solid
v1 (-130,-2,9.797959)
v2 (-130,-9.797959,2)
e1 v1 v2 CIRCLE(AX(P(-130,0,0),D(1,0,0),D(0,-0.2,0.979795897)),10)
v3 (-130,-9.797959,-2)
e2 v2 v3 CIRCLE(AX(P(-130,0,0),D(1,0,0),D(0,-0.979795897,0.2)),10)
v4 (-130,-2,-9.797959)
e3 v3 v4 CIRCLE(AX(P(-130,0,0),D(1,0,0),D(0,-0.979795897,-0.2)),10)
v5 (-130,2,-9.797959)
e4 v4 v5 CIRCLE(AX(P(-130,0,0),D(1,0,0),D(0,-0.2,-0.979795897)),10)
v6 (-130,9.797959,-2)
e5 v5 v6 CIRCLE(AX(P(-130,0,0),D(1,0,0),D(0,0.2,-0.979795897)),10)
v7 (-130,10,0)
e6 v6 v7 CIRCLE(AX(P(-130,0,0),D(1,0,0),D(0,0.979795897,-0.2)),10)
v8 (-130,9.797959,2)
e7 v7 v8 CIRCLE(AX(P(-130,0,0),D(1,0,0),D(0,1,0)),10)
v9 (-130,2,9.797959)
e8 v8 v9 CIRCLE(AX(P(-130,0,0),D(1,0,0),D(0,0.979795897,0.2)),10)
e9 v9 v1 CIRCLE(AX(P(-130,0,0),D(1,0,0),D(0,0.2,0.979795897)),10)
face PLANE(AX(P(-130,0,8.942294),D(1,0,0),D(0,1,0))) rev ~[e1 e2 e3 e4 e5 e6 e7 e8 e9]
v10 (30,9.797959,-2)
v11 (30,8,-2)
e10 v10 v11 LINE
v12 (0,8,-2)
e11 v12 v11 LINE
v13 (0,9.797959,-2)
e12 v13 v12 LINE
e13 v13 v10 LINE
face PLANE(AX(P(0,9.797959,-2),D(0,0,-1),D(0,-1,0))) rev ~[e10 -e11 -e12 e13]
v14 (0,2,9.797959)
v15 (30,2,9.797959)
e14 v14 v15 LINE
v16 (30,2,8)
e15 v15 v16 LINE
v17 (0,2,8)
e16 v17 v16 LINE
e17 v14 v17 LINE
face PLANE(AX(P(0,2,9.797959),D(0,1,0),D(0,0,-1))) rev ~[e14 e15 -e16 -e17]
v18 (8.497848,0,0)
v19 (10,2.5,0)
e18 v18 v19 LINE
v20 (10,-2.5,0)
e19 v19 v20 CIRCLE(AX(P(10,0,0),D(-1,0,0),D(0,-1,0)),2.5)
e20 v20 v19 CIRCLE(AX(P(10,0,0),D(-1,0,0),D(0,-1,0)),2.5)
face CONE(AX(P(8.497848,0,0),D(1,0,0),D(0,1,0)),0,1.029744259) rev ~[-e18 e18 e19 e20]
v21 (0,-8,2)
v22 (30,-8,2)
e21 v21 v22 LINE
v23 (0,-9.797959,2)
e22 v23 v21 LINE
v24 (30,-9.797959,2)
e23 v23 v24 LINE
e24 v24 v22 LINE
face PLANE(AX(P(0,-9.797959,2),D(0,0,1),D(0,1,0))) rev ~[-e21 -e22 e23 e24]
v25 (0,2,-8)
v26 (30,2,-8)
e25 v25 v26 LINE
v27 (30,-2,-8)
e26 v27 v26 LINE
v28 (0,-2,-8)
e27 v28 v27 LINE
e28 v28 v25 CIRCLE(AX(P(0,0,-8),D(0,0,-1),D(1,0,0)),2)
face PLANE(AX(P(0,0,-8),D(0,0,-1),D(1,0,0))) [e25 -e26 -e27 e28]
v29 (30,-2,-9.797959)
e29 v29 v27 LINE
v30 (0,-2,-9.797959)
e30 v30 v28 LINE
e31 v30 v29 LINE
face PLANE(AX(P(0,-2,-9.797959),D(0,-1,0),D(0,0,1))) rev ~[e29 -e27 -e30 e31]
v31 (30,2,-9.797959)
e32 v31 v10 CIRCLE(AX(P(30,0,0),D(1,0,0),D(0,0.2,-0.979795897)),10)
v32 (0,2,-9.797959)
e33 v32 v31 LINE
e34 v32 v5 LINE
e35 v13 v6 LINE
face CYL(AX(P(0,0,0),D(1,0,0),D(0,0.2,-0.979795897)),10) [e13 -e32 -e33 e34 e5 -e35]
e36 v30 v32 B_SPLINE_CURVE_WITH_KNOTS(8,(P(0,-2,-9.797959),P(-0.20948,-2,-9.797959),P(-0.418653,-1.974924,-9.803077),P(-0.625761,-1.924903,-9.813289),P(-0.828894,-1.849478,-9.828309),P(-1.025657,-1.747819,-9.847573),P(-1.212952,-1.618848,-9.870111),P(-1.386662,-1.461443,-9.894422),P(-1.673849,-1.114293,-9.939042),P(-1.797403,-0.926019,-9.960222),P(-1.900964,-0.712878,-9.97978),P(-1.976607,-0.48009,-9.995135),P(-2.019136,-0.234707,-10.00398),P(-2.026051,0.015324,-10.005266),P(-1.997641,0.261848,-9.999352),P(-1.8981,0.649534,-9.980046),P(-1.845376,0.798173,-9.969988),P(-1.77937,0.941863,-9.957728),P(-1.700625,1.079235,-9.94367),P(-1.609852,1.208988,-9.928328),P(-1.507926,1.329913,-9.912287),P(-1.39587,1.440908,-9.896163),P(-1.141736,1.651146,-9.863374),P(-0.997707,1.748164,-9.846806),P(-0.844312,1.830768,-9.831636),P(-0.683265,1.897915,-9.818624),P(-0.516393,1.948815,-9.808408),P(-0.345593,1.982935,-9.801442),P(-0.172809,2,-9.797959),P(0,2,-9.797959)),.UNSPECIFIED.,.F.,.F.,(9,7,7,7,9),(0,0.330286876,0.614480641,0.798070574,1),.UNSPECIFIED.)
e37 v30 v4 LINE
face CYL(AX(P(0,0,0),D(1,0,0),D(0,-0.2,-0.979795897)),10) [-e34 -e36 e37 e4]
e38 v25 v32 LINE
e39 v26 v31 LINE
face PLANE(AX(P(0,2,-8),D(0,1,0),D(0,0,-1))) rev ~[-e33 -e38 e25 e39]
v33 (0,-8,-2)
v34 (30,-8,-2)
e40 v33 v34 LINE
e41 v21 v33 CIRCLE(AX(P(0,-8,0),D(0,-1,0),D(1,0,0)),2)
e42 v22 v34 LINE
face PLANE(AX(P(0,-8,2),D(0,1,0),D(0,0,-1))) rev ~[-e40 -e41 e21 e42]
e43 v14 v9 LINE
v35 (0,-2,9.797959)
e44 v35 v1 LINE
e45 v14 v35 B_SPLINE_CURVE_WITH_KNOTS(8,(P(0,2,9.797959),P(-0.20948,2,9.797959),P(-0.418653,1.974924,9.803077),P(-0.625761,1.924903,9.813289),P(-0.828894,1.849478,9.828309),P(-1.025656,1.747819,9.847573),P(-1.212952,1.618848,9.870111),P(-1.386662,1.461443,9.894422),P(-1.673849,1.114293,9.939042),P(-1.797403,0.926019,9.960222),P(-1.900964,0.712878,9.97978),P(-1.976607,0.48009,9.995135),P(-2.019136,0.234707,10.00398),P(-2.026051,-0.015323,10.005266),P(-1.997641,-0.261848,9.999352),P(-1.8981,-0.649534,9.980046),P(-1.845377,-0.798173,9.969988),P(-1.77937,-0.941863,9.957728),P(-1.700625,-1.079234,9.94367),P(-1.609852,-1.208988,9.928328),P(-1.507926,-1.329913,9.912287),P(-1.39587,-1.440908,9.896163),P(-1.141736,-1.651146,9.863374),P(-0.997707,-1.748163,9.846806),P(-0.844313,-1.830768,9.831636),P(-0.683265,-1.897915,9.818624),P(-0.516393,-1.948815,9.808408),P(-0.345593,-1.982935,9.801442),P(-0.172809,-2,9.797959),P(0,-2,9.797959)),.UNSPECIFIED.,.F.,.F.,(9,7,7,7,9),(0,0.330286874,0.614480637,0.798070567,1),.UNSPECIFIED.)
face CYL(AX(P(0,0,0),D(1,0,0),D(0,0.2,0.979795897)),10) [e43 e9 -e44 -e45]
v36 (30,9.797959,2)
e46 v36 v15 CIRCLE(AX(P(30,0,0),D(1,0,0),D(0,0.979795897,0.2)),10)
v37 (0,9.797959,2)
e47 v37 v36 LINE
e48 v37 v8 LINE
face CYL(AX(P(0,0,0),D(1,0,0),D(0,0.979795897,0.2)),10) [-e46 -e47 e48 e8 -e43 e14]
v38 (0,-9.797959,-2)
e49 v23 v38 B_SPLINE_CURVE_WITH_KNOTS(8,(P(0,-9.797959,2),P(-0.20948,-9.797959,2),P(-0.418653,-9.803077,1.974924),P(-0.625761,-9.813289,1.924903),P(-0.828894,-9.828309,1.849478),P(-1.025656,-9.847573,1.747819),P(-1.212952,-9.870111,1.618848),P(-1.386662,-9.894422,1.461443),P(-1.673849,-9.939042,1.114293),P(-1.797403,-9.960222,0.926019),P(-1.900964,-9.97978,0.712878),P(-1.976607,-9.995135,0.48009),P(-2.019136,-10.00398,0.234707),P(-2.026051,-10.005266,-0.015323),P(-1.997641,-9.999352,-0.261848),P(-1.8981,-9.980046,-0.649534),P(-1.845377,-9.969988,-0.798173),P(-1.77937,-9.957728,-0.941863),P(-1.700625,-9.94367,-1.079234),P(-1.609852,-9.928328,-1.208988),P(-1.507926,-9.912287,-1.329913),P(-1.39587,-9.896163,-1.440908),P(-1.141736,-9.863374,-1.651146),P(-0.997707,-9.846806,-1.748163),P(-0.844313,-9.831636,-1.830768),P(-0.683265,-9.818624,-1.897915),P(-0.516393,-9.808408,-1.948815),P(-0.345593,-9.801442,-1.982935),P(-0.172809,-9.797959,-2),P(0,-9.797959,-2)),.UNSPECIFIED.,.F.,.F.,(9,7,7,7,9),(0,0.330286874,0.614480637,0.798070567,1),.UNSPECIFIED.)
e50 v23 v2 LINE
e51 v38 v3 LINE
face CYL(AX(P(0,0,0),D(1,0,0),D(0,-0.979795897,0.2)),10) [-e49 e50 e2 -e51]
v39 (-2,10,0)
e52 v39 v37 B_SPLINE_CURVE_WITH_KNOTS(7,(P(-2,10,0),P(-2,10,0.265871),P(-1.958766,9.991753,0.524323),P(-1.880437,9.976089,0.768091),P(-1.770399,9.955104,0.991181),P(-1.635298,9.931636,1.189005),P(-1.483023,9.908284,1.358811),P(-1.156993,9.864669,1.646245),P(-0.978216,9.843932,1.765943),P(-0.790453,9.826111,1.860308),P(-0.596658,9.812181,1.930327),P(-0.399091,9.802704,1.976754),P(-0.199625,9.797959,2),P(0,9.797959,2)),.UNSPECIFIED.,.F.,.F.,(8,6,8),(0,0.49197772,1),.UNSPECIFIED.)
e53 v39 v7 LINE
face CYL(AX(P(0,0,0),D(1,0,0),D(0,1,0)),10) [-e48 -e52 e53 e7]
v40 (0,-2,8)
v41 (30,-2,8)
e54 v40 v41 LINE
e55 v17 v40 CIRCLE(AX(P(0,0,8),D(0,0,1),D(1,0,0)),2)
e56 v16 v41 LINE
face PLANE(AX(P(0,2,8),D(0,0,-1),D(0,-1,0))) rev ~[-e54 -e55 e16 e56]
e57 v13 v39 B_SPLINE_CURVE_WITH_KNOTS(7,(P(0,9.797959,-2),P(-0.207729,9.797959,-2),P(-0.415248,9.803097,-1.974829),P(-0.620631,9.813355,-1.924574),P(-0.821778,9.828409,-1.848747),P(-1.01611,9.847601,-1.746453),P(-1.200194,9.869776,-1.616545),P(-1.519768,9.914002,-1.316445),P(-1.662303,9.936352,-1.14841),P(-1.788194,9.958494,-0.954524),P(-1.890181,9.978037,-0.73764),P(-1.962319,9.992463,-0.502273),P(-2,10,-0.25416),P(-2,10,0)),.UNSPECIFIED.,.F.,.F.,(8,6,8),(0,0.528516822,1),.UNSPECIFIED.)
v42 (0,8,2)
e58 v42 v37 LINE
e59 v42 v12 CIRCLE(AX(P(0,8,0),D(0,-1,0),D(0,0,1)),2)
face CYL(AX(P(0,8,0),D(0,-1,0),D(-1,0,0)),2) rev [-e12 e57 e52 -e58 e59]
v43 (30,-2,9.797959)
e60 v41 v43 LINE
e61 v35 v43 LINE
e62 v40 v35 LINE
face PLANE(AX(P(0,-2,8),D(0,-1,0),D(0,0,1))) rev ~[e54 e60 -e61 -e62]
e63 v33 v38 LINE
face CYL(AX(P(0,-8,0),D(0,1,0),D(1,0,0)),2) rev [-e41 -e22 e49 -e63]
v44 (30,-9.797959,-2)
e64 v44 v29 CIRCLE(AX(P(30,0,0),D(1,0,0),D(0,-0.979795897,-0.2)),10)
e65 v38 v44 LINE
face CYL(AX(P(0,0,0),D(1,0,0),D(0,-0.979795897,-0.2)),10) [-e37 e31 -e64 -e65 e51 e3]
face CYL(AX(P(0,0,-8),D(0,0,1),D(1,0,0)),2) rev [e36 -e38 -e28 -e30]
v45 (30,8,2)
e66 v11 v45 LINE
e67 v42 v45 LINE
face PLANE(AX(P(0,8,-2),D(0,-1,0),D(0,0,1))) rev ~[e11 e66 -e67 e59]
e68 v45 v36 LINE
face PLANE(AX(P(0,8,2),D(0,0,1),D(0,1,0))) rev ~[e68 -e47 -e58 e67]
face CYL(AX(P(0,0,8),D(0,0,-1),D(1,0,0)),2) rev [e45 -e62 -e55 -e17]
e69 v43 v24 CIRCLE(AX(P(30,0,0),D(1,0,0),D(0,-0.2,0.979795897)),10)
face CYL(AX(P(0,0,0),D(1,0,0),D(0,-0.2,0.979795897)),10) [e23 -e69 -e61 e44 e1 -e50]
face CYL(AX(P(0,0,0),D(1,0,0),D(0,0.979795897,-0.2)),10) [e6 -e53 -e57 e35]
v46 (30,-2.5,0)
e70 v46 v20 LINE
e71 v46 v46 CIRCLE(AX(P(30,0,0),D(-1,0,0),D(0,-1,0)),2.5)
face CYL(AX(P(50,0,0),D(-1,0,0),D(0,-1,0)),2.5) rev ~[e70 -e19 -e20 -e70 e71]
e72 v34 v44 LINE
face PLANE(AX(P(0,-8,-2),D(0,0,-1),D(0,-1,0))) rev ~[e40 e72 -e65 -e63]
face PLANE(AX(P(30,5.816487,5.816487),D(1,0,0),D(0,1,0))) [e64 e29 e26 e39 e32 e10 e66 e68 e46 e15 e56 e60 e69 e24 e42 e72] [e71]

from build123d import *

# Parameters (mm, degrees)
F0_W      = 4
F0_H      = 4
F1_DEPTH  = 30
F2_DEPTH  = 130
F3_R      = 2
F4_DEPTH  = 25
F5_R      = 2
F6_DEPTH  = 25
F7_R      = 2
F8_DEPTH  = 25
F9_R      = 2
F10_DEPTH = 25
F12_D     = 5
F12_DEPTH = 20
F12_TIP   = 1.5021515476


with BuildPart() as f1:
    # F0 (on Right) → F1 (new body)
    with BuildSketch(Plane.YZ):
        with BuildLine():
            ThreePointArc((2, 7.2284161474), (5.3033008589, 5.3033008589), (7.2284161474, 2))
            Line((7.2284161474, 2), (8, 2))
            Line((8, 2), (9.7979589711, 2))
            ThreePointArc((9.7979589711, 2), (7.0710678119, 7.0710678119), (2, 9.7979589711))
            Line((2, 9.7979589711), (2, 8))
            Line((2, 8), (2, 7.2284161474))
        make_face()
        with BuildLine():
            ThreePointArc((-7.2284161474, 2), (-5.3033008589, 5.3033008589), (-2, 7.2284161474))
            Line((-2, 7.2284161474), (-2, 8))
            Line((-2, 8), (-2, 9.7979589711))
            ThreePointArc((-2, 9.7979589711), (-7.0710678119, 7.0710678119), (-9.7979589711, 2))
            Line((-9.7979589711, 2), (-8, 2))
            Line((-8, 2), (-7.2284161474, 2))
        make_face()
        with BuildLine():
            Line((2, 2), (7.2284161474, 2))
            ThreePointArc((7.2284161474, 2), (5.3033008589, 5.3033008589), (2, 7.2284161474))
            Line((2, 7.2284161474), (2, 2))
        make_face()
        with BuildLine():
            Line((2, 2), (2, 7.2284161474))
            ThreePointArc((2, 7.2284161474), (0, 7.5), (-2, 7.2284161474))
            Line((-2, 7.2284161474), (-2, 2))
            Line((-2, 2), (2, 2))
        make_face()
        with BuildLine():
            Line((-2, 2), (-2, 7.2284161474))
            ThreePointArc((-2, 7.2284161474), (-5.3033008589, 5.3033008589), (-7.2284161474, 2))
            Line((-7.2284161474, 2), (-2, 2))
        make_face()
        with BuildLine():
            Line((-2, -2), (-2, 2))
            Line((-2, 2), (-7.2284161474, 2))
            ThreePointArc((-7.2284161474, 2), (-7.5, 0), (-7.2284161474, -2))
            Line((-7.2284161474, -2), (-2, -2))
        make_face()
        with BuildLine():
            ThreePointArc((7.2284161474, -2), (7.4317938987, -1.0091776094), (7.5, 0))
            ThreePointArc((7.5, 0), (7.4317938987, 1.0091776094), (7.2284161474, 2))
            Line((7.2284161474, 2), (2, 2))
            Line((2, 2), (2, -2))
            Line((2, -2), (7.2284161474, -2))
        make_face()
        Rectangle(F0_W, F0_H)
        with BuildLine():
            ThreePointArc((-2, -7.2284161474), (0, -7.5), (2, -7.2284161474))
            Line((2, -7.2284161474), (2, -2))
            Line((2, -2), (-2, -2))
            Line((-2, -2), (-2, -7.2284161474))
        make_face()
        with BuildLine():
            ThreePointArc((-7.2284161474, -2), (-5.3033008589, -5.3033008589), (-2, -7.2284161474))
            Line((-2, -7.2284161474), (-2, -2))
            Line((-2, -2), (-7.2284161474, -2))
        make_face()
        with BuildLine():
            ThreePointArc((2, -7.2284161474), (5.3033008589, -5.3033008589), (7.2284161474, -2))
            Line((7.2284161474, -2), (2, -2))
            Line((2, -2), (2, -7.2284161474))
        make_face()
        with BuildLine():
            Line((8, -2), (7.2284161474, -2))
            ThreePointArc((7.2284161474, -2), (5.3033008589, -5.3033008589), (2, -7.2284161474))
            Line((2, -7.2284161474), (2, -8))
            Line((2, -8), (2, -9.7979589711))
            ThreePointArc((2, -9.7979589711), (7.0710678119, -7.0710678119), (9.7979589711, -2))
            Line((9.7979589711, -2), (8, -2))
        make_face()
        with BuildLine():
            Line((-2, -8), (-2, -7.2284161474))
            ThreePointArc((-2, -7.2284161474), (-5.3033008589, -5.3033008589), (-7.2284161474, -2))
            Line((-7.2284161474, -2), (-8, -2))
            Line((-8, -2), (-9.7979589711, -2))
            ThreePointArc((-9.7979589711, -2), (-7.0710678119, -7.0710678119), (-2, -9.7979589711))
            Line((-2, -9.7979589711), (-2, -8))
        make_face()
        with BuildLine():
            Line((2, -8), (2, -7.2284161474))
            ThreePointArc((2, -7.2284161474), (0, -7.5), (-2, -7.2284161474))
            Line((-2, -7.2284161474), (-2, -8))
            Line((-2, -8), (2, -8))
        make_face()
        with BuildLine():
            ThreePointArc((7.2284161474, 2), (7.4317938987, 1.0091776094), (7.5, 0))
            ThreePointArc((7.5, 0), (7.4317938987, -1.0091776094), (7.2284161474, -2))
            Line((7.2284161474, -2), (8, -2))
            Line((8, -2), (8, 2))
            Line((8, 2), (7.2284161474, 2))
        make_face()
        with BuildLine():
            ThreePointArc((-2, 7.2284161474), (0, 7.5), (2, 7.2284161474))
            Line((2, 7.2284161474), (2, 8))
            Line((2, 8), (-2, 8))
            Line((-2, 8), (-2, 7.2284161474))
        make_face()
        with BuildLine():
            ThreePointArc((-7.2284161474, -2), (-7.5, 0), (-7.2284161474, 2))
            Line((-7.2284161474, 2), (-8, 2))
            Line((-8, 2), (-8, -2))
            Line((-8, -2), (-7.2284161474, -2))
        make_face()
    extrude(amount=F1_DEPTH)

    # F0 (on Right) → F2 (join)
    with BuildSketch(Plane.YZ):
        with BuildLine():
            Line((-2, 8), (2, 8))
            Line((2, 8), (2, 9.7979589711))
            ThreePointArc((2, 9.7979589711), (0, 10), (-2, 9.7979589711))
            Line((-2, 9.7979589711), (-2, 8))
        make_face()
        with BuildLine():
            ThreePointArc((2, 7.2284161474), (5.3033008589, 5.3033008589), (7.2284161474, 2))
            Line((7.2284161474, 2), (8, 2))
            Line((8, 2), (9.7979589711, 2))
            ThreePointArc((9.7979589711, 2), (7.0710678119, 7.0710678119), (2, 9.7979589711))
            Line((2, 9.7979589711), (2, 8))
            Line((2, 8), (2, 7.2284161474))
        make_face()
        with BuildLine():
            ThreePointArc((-2, 7.2284161474), (0, 7.5), (2, 7.2284161474))
            Line((2, 7.2284161474), (2, 8))
            Line((2, 8), (-2, 8))
            Line((-2, 8), (-2, 7.2284161474))
        make_face()
        with BuildLine():
            ThreePointArc((-7.2284161474, 2), (-5.3033008589, 5.3033008589), (-2, 7.2284161474))
            Line((-2, 7.2284161474), (-2, 8))
            Line((-2, 8), (-2, 9.7979589711))
            ThreePointArc((-2, 9.7979589711), (-7.0710678119, 7.0710678119), (-9.7979589711, 2))
            Line((-9.7979589711, 2), (-8, 2))
            Line((-8, 2), (-7.2284161474, 2))
        make_face()
        with BuildLine():
            ThreePointArc((-7.2284161474, -2), (-7.5, 0), (-7.2284161474, 2))
            Line((-7.2284161474, 2), (-8, 2))
            Line((-8, 2), (-8, -2))
            Line((-8, -2), (-7.2284161474, -2))
        make_face()
        with BuildLine():
            Line((-8, -2), (-8, 2))
            Line((-8, 2), (-9.7979589711, 2))
            ThreePointArc((-9.7979589711, 2), (-10, 0), (-9.7979589711, -2))
            Line((-9.7979589711, -2), (-8, -2))
        make_face()
        with BuildLine():
            Line((-2, 2), (-2, 7.2284161474))
            ThreePointArc((-2, 7.2284161474), (-5.3033008589, 5.3033008589), (-7.2284161474, 2))
            Line((-7.2284161474, 2), (-2, 2))
        make_face()
        with BuildLine():
            Line((2, 2), (2, 7.2284161474))
            ThreePointArc((2, 7.2284161474), (0, 7.5), (-2, 7.2284161474))
            Line((-2, 7.2284161474), (-2, 2))
            Line((-2, 2), (2, 2))
        make_face()
        with BuildLine():
            Line((2, 2), (7.2284161474, 2))
            ThreePointArc((7.2284161474, 2), (5.3033008589, 5.3033008589), (2, 7.2284161474))
            Line((2, 7.2284161474), (2, 2))
        make_face()
        with BuildLine():
            Line((9.7979589711, 2), (8, 2))
            Line((8, 2), (8, -2))
            Line((8, -2), (9.7979589711, -2))
            ThreePointArc((9.7979589711, -2), (9.9493615301, -1.0050896201), (10, 0))
            ThreePointArc((10, 0), (9.9493615301, 1.0050896201), (9.7979589711, 2))
        make_face()
        with BuildLine():
            ThreePointArc((7.2284161474, 2), (7.4317938987, 1.0091776094), (7.5, 0))
            ThreePointArc((7.5, 0), (7.4317938987, -1.0091776094), (7.2284161474, -2))
            Line((7.2284161474, -2), (8, -2))
            Line((8, -2), (8, 2))
            Line((8, 2), (7.2284161474, 2))
        make_face()
        with BuildLine():
            ThreePointArc((7.2284161474, -2), (7.4317938987, -1.0091776094), (7.5, 0))
            ThreePointArc((7.5, 0), (7.4317938987, 1.0091776094), (7.2284161474, 2))
            Line((7.2284161474, 2), (2, 2))
            Line((2, 2), (2, -2))
            Line((2, -2), (7.2284161474, -2))
        make_face()
        Rectangle(F0_W, F0_H)
        with BuildLine():
            Line((-2, -2), (-2, 2))
            Line((-2, 2), (-7.2284161474, 2))
            ThreePointArc((-7.2284161474, 2), (-7.5, 0), (-7.2284161474, -2))
            Line((-7.2284161474, -2), (-2, -2))
        make_face()
        with BuildLine():
            ThreePointArc((-7.2284161474, -2), (-5.3033008589, -5.3033008589), (-2, -7.2284161474))
            Line((-2, -7.2284161474), (-2, -2))
            Line((-2, -2), (-7.2284161474, -2))
        make_face()
        with BuildLine():
            Line((-2, -8), (-2, -7.2284161474))
            ThreePointArc((-2, -7.2284161474), (-5.3033008589, -5.3033008589), (-7.2284161474, -2))
            Line((-7.2284161474, -2), (-8, -2))
            Line((-8, -2), (-9.7979589711, -2))
            ThreePointArc((-9.7979589711, -2), (-7.0710678119, -7.0710678119), (-2, -9.7979589711))
            Line((-2, -9.7979589711), (-2, -8))
        make_face()
        with BuildLine():
            Line((2, -8), (2, -7.2284161474))
            ThreePointArc((2, -7.2284161474), (0, -7.5), (-2, -7.2284161474))
            Line((-2, -7.2284161474), (-2, -8))
            Line((-2, -8), (2, -8))
        make_face()
        with BuildLine():
            Line((2, -9.7979589711), (2, -8))
            Line((2, -8), (-2, -8))
            Line((-2, -8), (-2, -9.7979589711))
            ThreePointArc((-2, -9.7979589711), (0, -10), (2, -9.7979589711))
        make_face()
        with BuildLine():
            ThreePointArc((2, -7.2284161474), (5.3033008589, -5.3033008589), (7.2284161474, -2))
            Line((7.2284161474, -2), (2, -2))
            Line((2, -2), (2, -7.2284161474))
        make_face()
        with BuildLine():
            Line((8, -2), (7.2284161474, -2))
            ThreePointArc((7.2284161474, -2), (5.3033008589, -5.3033008589), (2, -7.2284161474))
            Line((2, -7.2284161474), (2, -8))
            Line((2, -8), (2, -9.7979589711))
            ThreePointArc((2, -9.7979589711), (7.0710678119, -7.0710678119), (9.7979589711, -2))
            Line((9.7979589711, -2), (8, -2))
        make_face()
        with BuildLine():
            ThreePointArc((-2, -7.2284161474), (0, -7.5), (2, -7.2284161474))
            Line((2, -7.2284161474), (2, -2))
            Line((2, -2), (-2, -2))
            Line((-2, -2), (-2, -7.2284161474))
        make_face()
    extrude(amount=-F2_DEPTH)

    # F3 (on face) → F4 (cut)
    with BuildSketch(Plane.XY.offset(8)):
        Circle(F3_R)
    extrude(amount=F4_DEPTH, mode=Mode.SUBTRACT)

    # F5 (on face) → F6 (cut)
    with BuildSketch(Plane.XZ.offset(8)):
        Circle(F5_R)
    extrude(amount=F6_DEPTH, mode=Mode.SUBTRACT)

    # F7 (on face) → F8 (cut)
    with BuildSketch(Plane(origin=(0, 0, -8), x_dir=(1, 0, 0), z_dir=(0, 0, -1))):
        Circle(F7_R)
    extrude(amount=F8_DEPTH, mode=Mode.SUBTRACT)

    # F9 (on face) → F10 (cut)
    with BuildSketch(Plane(origin=(0, 8, 0), x_dir=(-1, 0, 0), z_dir=(0, 1, 0))):
        Circle(F9_R)
    extrude(amount=F10_DEPTH, mode=Mode.SUBTRACT)

    # F12
    with Locations(Plane.YZ.offset(30)):
        with Locations((0, 0)):
            Hole(F12_D / 2, depth=F12_DEPTH)
            with Locations((0, 0, -(F12_DEPTH + F12_TIP / 2))):  # 118° drill point
                Cone(0, F12_D / 2, F12_TIP, mode=Mode.SUBTRACT)


solid = f1.part
